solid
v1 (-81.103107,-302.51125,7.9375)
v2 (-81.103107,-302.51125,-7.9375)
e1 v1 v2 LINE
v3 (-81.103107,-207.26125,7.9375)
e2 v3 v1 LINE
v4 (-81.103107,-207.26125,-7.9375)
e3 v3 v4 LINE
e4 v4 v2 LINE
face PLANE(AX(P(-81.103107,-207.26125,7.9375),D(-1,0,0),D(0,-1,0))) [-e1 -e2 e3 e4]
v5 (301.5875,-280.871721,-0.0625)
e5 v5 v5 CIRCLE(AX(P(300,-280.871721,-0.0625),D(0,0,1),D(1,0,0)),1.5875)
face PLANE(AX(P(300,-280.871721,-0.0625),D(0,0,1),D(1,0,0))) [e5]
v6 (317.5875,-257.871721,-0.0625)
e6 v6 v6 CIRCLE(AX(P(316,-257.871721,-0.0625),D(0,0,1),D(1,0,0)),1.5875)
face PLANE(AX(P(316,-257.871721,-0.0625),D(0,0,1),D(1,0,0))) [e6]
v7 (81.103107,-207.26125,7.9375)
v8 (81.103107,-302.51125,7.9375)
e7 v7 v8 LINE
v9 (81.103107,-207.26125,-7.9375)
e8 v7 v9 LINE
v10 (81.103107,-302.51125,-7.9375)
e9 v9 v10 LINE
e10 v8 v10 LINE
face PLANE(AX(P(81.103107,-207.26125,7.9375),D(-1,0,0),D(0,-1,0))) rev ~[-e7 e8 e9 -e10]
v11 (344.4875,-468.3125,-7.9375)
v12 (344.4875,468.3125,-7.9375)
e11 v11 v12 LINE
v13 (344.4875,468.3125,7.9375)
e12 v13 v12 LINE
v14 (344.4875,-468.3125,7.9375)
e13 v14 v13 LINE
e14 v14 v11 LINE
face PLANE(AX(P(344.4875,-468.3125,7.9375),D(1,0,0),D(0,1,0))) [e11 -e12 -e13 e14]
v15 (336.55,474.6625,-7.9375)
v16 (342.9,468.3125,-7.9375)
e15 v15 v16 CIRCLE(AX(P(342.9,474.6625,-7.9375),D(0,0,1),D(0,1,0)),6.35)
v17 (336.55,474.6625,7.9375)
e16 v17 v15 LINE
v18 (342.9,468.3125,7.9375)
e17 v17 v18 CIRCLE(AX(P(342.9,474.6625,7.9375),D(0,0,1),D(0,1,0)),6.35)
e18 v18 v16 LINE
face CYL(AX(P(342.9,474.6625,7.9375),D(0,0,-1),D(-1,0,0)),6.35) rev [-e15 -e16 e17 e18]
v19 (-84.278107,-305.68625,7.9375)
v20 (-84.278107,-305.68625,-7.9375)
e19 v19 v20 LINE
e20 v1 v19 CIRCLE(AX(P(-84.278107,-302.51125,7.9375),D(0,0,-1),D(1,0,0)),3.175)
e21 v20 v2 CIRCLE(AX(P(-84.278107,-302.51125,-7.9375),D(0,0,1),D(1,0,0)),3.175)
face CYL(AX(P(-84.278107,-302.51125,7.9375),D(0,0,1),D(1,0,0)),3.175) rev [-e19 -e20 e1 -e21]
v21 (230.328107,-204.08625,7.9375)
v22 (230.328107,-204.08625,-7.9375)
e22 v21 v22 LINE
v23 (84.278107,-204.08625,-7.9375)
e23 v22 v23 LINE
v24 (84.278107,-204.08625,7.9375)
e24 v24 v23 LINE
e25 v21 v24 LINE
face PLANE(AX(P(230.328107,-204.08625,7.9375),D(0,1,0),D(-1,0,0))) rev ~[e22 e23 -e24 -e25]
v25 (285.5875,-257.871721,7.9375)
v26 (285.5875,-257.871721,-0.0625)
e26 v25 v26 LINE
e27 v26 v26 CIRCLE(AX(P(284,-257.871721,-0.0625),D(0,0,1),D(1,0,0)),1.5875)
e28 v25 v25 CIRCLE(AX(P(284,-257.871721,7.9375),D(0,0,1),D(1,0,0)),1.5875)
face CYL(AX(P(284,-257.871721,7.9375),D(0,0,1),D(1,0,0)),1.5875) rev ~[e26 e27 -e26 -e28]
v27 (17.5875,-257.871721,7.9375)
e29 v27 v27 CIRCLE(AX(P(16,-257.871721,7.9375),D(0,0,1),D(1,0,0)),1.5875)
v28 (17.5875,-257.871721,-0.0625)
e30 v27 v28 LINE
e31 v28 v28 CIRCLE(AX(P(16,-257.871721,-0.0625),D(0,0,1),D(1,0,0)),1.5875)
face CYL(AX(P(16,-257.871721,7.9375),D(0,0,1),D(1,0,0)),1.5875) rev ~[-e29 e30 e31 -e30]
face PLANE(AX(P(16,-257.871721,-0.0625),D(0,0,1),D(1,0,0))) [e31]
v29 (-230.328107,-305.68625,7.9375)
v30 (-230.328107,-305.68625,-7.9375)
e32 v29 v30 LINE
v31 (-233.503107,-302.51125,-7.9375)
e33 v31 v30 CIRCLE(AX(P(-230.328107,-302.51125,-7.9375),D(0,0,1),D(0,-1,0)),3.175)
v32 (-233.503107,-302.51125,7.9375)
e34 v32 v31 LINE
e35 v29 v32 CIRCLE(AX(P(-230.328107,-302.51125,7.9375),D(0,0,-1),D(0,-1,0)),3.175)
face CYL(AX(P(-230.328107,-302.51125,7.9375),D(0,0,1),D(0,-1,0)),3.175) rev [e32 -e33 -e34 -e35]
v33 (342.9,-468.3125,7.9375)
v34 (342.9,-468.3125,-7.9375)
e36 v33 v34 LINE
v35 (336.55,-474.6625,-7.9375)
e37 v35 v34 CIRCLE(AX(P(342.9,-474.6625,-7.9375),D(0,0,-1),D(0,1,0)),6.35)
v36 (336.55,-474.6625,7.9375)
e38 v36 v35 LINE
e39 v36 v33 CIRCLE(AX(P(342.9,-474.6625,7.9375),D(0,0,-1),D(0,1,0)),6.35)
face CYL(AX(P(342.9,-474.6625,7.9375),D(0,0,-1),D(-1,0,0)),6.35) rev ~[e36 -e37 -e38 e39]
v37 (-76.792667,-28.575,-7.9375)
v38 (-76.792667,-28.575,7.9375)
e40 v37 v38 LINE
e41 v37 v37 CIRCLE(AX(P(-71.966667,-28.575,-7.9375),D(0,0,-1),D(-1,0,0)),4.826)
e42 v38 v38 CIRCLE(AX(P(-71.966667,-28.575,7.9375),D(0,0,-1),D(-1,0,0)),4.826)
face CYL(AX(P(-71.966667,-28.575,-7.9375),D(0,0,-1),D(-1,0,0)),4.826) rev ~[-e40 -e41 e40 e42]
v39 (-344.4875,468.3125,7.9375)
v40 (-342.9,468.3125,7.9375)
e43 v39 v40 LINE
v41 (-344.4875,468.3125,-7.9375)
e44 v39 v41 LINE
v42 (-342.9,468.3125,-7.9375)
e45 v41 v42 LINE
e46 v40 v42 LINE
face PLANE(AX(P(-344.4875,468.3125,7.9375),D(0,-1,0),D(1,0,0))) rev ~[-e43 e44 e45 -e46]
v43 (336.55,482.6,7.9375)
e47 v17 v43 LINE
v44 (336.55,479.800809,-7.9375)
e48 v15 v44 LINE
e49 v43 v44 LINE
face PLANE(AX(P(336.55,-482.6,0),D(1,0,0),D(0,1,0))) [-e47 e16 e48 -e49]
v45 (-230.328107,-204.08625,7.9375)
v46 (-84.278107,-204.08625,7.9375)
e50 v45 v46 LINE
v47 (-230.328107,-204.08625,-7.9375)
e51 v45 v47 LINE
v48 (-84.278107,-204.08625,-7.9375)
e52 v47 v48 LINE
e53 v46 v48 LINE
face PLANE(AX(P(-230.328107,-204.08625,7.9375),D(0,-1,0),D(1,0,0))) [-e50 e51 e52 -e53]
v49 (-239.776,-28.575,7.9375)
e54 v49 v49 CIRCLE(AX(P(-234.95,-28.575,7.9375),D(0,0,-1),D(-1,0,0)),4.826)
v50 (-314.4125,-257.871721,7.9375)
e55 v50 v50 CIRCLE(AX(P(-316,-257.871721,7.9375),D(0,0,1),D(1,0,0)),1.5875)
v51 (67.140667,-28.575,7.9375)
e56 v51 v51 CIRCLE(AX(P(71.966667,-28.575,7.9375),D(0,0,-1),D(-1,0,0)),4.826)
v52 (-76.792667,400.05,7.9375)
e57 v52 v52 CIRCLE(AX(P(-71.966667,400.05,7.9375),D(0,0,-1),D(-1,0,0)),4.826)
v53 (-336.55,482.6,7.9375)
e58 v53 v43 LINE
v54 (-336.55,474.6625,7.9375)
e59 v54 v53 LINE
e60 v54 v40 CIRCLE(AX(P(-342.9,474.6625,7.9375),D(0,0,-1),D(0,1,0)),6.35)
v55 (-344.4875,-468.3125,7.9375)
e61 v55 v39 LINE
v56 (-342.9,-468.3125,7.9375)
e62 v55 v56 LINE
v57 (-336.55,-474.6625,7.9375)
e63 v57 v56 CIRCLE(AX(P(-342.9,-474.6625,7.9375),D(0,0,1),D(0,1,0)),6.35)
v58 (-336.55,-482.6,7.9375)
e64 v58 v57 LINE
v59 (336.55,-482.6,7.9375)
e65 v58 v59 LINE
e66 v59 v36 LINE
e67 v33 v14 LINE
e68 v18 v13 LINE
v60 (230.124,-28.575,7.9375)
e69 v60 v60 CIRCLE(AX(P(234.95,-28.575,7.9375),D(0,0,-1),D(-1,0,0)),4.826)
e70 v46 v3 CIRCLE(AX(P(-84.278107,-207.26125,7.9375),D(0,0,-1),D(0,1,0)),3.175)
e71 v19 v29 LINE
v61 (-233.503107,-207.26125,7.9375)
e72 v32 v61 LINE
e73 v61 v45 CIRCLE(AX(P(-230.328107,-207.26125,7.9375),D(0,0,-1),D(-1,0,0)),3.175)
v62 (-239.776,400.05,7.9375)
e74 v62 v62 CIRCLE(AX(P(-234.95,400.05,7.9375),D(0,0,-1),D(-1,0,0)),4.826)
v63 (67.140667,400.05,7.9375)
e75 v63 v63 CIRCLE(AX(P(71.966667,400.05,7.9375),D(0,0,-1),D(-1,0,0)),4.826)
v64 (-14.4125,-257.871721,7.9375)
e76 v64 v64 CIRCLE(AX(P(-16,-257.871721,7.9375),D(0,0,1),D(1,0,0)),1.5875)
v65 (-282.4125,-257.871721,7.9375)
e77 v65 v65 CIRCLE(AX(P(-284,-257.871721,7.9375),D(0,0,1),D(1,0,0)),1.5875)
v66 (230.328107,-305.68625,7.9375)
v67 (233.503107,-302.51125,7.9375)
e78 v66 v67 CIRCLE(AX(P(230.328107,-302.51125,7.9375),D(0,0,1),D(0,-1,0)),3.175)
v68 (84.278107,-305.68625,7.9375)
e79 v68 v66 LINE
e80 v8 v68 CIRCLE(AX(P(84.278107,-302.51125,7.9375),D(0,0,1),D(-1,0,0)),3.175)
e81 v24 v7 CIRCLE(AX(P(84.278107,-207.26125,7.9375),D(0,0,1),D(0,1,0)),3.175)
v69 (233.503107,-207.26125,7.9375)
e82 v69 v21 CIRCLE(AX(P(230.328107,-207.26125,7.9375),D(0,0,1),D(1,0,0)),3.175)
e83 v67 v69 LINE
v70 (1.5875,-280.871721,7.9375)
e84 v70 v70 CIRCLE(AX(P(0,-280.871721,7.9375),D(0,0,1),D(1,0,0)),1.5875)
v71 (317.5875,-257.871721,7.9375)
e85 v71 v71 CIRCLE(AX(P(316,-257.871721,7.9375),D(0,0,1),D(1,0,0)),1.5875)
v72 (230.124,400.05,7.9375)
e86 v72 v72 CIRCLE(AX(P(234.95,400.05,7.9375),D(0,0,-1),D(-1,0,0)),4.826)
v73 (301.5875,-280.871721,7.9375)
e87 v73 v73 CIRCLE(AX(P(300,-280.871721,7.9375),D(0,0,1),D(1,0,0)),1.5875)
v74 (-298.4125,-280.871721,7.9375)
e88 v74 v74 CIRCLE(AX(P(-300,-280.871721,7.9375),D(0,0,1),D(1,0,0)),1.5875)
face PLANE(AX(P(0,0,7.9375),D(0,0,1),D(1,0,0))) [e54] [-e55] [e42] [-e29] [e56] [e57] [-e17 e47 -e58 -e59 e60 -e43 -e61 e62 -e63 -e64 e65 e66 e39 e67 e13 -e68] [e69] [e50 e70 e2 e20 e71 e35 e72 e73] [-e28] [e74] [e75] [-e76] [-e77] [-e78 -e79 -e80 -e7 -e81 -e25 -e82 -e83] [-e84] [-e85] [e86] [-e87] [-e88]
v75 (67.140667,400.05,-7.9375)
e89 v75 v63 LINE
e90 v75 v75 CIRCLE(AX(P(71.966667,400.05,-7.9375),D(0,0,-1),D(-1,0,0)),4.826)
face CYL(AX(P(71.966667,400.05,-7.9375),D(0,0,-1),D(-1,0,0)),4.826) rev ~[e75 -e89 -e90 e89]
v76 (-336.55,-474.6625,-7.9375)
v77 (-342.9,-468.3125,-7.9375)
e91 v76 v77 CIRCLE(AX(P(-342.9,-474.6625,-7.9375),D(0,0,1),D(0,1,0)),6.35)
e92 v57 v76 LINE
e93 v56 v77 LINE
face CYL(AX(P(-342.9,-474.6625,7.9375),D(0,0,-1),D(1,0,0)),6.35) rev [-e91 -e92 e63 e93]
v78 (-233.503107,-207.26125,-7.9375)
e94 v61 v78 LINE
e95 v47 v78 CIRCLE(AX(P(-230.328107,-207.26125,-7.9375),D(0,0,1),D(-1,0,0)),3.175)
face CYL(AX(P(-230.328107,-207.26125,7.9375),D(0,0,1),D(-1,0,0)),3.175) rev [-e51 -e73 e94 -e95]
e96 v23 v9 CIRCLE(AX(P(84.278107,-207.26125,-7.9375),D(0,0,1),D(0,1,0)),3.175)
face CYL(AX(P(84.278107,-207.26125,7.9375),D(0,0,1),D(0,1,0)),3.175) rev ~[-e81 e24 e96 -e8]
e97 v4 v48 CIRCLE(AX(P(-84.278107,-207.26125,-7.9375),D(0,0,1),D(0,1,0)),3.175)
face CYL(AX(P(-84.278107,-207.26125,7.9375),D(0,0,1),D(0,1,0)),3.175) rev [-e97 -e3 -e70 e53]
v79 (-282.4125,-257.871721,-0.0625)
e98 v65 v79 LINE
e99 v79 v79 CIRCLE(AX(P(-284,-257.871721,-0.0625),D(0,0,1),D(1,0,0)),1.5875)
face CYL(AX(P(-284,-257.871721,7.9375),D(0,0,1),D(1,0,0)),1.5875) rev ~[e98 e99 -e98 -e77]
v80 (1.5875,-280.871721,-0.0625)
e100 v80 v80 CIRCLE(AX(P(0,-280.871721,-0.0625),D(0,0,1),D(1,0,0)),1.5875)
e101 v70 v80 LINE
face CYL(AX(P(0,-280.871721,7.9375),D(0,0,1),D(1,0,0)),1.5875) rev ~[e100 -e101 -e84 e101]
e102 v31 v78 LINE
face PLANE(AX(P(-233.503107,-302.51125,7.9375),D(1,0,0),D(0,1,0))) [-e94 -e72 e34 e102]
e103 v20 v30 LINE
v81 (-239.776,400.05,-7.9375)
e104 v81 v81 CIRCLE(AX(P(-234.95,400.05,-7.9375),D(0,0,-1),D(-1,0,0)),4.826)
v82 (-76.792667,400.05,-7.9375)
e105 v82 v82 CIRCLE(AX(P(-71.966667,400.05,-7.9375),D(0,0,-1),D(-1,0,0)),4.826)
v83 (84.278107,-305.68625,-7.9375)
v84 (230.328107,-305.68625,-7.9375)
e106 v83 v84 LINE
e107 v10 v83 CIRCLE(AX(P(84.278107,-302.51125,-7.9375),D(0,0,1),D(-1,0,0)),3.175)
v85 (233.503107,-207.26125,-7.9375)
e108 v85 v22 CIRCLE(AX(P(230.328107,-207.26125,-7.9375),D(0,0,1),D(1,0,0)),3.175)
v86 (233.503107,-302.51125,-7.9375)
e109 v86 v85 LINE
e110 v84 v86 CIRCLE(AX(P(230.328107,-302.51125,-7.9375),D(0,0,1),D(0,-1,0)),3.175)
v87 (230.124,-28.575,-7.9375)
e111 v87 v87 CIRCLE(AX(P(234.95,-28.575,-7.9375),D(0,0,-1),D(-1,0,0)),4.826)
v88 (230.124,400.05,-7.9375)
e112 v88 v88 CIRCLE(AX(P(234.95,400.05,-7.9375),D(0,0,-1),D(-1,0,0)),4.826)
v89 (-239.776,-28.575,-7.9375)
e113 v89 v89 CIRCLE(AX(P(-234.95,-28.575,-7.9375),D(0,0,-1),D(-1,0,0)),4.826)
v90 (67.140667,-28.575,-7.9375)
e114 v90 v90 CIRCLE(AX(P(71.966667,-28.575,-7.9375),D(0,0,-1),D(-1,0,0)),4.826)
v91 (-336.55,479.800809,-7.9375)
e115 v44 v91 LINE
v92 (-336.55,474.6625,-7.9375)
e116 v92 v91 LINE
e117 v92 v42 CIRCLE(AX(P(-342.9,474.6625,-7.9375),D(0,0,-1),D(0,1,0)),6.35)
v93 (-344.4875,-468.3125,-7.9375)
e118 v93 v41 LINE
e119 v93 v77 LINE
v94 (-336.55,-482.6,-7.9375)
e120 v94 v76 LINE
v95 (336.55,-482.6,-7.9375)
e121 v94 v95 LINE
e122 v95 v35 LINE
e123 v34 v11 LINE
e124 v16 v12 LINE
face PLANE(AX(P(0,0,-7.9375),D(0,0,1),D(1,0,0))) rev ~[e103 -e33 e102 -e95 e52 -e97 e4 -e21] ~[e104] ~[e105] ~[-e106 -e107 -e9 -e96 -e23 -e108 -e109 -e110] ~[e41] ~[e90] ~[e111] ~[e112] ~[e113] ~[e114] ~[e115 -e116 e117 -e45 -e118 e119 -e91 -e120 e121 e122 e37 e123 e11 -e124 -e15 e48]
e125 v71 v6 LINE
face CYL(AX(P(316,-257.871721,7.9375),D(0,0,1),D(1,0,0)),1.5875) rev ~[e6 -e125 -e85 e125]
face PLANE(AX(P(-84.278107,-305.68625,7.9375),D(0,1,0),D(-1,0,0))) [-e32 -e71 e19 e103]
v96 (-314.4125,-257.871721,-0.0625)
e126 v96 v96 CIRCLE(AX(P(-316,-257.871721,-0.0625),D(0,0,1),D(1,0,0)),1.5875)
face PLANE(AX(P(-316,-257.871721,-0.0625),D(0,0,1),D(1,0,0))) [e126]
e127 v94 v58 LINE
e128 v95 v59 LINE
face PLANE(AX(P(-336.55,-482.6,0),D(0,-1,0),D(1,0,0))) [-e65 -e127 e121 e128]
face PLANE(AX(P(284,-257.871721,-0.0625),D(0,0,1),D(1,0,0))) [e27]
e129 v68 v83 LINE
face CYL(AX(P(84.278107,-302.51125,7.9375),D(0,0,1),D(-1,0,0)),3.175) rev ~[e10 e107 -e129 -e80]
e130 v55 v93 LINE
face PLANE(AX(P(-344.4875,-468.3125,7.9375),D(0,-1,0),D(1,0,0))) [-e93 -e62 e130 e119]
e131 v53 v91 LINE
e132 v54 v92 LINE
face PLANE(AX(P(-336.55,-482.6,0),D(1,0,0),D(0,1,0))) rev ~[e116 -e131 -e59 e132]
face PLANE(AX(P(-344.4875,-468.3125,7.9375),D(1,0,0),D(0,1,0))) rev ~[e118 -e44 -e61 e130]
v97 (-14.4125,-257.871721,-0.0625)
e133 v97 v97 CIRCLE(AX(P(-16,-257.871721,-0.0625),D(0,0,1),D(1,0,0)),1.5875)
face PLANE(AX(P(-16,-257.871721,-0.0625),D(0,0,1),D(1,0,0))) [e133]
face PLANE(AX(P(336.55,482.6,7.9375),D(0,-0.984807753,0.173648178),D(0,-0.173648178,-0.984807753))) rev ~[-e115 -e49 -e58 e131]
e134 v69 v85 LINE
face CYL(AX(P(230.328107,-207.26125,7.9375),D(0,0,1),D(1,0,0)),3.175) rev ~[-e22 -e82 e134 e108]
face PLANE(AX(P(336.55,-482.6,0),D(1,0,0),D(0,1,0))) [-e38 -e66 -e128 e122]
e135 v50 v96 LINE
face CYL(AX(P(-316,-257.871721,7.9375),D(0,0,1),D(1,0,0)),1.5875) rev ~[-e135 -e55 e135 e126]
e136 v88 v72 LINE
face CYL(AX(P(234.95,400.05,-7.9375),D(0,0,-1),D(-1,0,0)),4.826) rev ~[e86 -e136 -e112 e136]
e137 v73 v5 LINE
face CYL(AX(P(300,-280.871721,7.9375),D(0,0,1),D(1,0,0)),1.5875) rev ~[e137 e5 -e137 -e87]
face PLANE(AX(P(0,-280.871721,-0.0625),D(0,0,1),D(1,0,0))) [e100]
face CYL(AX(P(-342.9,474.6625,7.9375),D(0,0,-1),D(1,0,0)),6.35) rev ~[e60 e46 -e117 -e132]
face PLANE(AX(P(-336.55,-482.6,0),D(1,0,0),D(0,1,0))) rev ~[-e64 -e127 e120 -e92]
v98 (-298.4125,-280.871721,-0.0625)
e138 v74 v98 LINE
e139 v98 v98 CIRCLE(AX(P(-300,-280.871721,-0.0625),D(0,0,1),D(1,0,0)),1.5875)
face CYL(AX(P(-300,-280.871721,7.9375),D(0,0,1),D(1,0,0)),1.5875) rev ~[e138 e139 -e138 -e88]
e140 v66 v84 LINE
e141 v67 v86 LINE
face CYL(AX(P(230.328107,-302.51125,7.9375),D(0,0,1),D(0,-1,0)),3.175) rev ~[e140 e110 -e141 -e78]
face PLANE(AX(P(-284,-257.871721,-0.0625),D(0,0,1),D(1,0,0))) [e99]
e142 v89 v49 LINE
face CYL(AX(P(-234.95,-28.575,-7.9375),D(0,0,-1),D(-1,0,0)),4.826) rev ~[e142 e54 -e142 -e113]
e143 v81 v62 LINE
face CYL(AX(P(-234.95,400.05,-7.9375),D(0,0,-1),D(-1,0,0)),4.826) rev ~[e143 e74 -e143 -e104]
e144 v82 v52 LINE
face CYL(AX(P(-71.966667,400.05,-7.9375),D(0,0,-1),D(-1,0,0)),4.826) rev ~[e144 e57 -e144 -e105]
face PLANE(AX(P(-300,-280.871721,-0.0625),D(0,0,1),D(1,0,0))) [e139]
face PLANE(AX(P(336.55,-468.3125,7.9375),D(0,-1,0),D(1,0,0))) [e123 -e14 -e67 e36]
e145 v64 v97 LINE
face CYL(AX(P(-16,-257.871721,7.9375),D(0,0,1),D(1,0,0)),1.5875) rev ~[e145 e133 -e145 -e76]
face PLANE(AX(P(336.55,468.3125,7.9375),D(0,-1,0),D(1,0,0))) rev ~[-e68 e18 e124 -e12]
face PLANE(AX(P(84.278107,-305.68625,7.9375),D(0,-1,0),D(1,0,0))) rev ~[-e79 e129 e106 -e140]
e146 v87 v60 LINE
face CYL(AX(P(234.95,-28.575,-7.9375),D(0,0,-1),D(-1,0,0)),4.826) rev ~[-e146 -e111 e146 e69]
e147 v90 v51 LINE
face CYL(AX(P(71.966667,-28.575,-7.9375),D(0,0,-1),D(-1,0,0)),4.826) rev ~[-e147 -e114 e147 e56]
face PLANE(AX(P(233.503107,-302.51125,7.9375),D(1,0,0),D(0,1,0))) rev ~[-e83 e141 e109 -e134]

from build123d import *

# Parameters (mm, degrees)
SKETCH1_W               = 673.1
SKETCH1_H               = 965.2
BOSS_EXTRUDE1_DEPTH     = 7.9375
CUT_EXTRUDE1_DEPTH      = 1
CUT_EXTRUDE1_DEPTH_BACK = 16.875
CUT_EXTRUDE2_DEPTH      = 674.1
SKETCH4_W               = 7.9375
SKETCH4_H               = 936.625
BOSS_EXTRUDE2_DEPTH     = 15.875
FILLET1_R               = 6.35
SKETCH5_R               = 1.5875
CUT_EXTRUDE3_DEPTH      = 8
SKETCH6_R               = 4.826
CUT_EXTRUDE4_DEPTH      = 16.875


with BuildPart() as part:
    # Sketch1 → Boss-Extrude1 (new body, symmetric)
    with BuildSketch(Plane.XY):
        Rectangle(SKETCH1_W, SKETCH1_H)
    extrude(amount=BOSS_EXTRUDE1_DEPTH, both=True)

    # Sketch2 → Cut-Extrude1 (cut, two sides)
    with BuildSketch(Plane.XY.offset(7.9375)) as cut_extrude1_sk:
        with BuildLine():
            Line((-230.32810678, -204.086249688), (-84.27810678, -204.086249688))
            ThreePointArc((-84.27810678, -204.086249688), (-82.03304275, -205.016185658), (-81.10310678, -207.261249688))
            Line((-81.10310678, -207.261249688), (-81.10310678, -302.511249688))
            ThreePointArc((-81.10310678, -302.511249688), (-82.03304275, -304.756313718), (-84.27810678, -305.686249688))
            Line((-84.27810678, -305.686249688), (-230.32810678, -305.686249688))
            ThreePointArc((-230.32810678, -305.686249688), (-232.57317081, -304.756313718), (-233.50310678, -302.511249688))
            Line((-233.50310678, -302.511249688), (-233.50310678, -207.261249688))
            ThreePointArc((-233.50310678, -207.261249688), (-232.57317081, -205.016185658), (-230.32810678, -204.086249688))
        make_face()
        with BuildLine():
            Line((81.10310678, -207.261249688), (81.10310678, -302.511249688))
            ThreePointArc((81.10310678, -302.511249688), (82.03304275, -304.756313718), (84.27810678, -305.686249688))
            Line((84.27810678, -305.686249688), (230.32810678, -305.686249688))
            ThreePointArc((230.32810678, -305.686249688), (232.57317081, -304.756313718), (233.50310678, -302.511249688))
            Line((233.50310678, -302.511249688), (233.50310678, -207.261249688))
            ThreePointArc((233.50310678, -207.261249688), (232.57317081, -205.016185658), (230.32810678, -204.086249688))
            Line((230.32810678, -204.086249688), (84.27810678, -204.086249688))
            ThreePointArc((84.27810678, -204.086249688), (82.03304275, -205.016185658), (81.10310678, -207.261249688))
        make_face()
    extrude(amount=CUT_EXTRUDE1_DEPTH, mode=Mode.SUBTRACT)
    extrude(cut_extrude1_sk.sketch, amount=-CUT_EXTRUDE1_DEPTH_BACK, mode=Mode.SUBTRACT)

    # Sketch3 → Cut-Extrude2 (cut, through all)
    with BuildSketch(Plane(origin=(336.55, 0, 0), x_dir=(0, 0, -1), z_dir=(1, 0, 0))):
        Polygon((-7.9375, 482.6), (7.9375, 479.800809181), (7.9375, 482.6), align=None)
    extrude(amount=-CUT_EXTRUDE2_DEPTH, mode=Mode.SUBTRACT)

    # Sketch4 → Boss-Extrude2 (add)
    with BuildSketch(Plane.XY.offset(7.9375)):
        with Locations((-340.51875, 0)):
            Rectangle(SKETCH4_W, SKETCH4_H)
        with Locations((340.51875, 0)):
            Rectangle(SKETCH4_W, SKETCH4_H)
    extrude(amount=-BOSS_EXTRUDE2_DEPTH)

    # Fillet1
    fillet1_edges = [part.edges().sort_by_distance(p)[0] for p in [
        (-336.55, -468.3125, 0),
        (-336.55, 468.3125, 0),
        (336.55, 468.3125, 0),
        (336.55, -468.3125, 0),
    ]]
    fillet(fillet1_edges, radius=FILLET1_R)

    # Sketch5 → Cut-Extrude3 (cut)
    with BuildSketch(Plane.XY.offset(7.9375)):
        with Locations((-316, -257.871720704)):
            Circle(SKETCH5_R)
        with Locations((-284, -257.871720704)):
            Circle(SKETCH5_R)
        with Locations((-300, -280.871720704)):
            Circle(SKETCH5_R)
        with Locations((-16, -257.871720704)):
            Circle(SKETCH5_R)
        with Locations((16, -257.871720704)):
            Circle(SKETCH5_R)
        with Locations((0, -280.871720704)):
            Circle(SKETCH5_R)
        with Locations((284, -257.871720704)):
            Circle(SKETCH5_R)
        with Locations((300, -280.871720704)):
            Circle(SKETCH5_R)
        with Locations((316, -257.871720704)):
            Circle(SKETCH5_R)
    extrude(amount=-CUT_EXTRUDE3_DEPTH, mode=Mode.SUBTRACT)

    # Sketch6 → Cut-Extrude4 (cut, through all)
    with BuildSketch(Plane(origin=(0, 0, -7.9375), x_dir=(-1, 0, 0), z_dir=(0, 0, -1))):
        with Locations((-234.95, 400.05)):
            Circle(SKETCH6_R)
        with Locations((-71.966666709, 400.05)):
            Circle(SKETCH6_R)
        with Locations((71.966666709, 400.05)):
            Circle(SKETCH6_R)
        with Locations((234.95, 400.05)):
            Circle(SKETCH6_R)
        with Locations((-234.95, -28.575)):
            Circle(SKETCH6_R)
        with Locations((-71.966666709, -28.575)):
            Circle(SKETCH6_R)
        with Locations((71.966666709, -28.575)):
            Circle(SKETCH6_R)
        with Locations((234.95, -28.575)):
            Circle(SKETCH6_R)
    extrude(amount=-CUT_EXTRUDE4_DEPTH, mode=Mode.SUBTRACT)


solid = part.part
